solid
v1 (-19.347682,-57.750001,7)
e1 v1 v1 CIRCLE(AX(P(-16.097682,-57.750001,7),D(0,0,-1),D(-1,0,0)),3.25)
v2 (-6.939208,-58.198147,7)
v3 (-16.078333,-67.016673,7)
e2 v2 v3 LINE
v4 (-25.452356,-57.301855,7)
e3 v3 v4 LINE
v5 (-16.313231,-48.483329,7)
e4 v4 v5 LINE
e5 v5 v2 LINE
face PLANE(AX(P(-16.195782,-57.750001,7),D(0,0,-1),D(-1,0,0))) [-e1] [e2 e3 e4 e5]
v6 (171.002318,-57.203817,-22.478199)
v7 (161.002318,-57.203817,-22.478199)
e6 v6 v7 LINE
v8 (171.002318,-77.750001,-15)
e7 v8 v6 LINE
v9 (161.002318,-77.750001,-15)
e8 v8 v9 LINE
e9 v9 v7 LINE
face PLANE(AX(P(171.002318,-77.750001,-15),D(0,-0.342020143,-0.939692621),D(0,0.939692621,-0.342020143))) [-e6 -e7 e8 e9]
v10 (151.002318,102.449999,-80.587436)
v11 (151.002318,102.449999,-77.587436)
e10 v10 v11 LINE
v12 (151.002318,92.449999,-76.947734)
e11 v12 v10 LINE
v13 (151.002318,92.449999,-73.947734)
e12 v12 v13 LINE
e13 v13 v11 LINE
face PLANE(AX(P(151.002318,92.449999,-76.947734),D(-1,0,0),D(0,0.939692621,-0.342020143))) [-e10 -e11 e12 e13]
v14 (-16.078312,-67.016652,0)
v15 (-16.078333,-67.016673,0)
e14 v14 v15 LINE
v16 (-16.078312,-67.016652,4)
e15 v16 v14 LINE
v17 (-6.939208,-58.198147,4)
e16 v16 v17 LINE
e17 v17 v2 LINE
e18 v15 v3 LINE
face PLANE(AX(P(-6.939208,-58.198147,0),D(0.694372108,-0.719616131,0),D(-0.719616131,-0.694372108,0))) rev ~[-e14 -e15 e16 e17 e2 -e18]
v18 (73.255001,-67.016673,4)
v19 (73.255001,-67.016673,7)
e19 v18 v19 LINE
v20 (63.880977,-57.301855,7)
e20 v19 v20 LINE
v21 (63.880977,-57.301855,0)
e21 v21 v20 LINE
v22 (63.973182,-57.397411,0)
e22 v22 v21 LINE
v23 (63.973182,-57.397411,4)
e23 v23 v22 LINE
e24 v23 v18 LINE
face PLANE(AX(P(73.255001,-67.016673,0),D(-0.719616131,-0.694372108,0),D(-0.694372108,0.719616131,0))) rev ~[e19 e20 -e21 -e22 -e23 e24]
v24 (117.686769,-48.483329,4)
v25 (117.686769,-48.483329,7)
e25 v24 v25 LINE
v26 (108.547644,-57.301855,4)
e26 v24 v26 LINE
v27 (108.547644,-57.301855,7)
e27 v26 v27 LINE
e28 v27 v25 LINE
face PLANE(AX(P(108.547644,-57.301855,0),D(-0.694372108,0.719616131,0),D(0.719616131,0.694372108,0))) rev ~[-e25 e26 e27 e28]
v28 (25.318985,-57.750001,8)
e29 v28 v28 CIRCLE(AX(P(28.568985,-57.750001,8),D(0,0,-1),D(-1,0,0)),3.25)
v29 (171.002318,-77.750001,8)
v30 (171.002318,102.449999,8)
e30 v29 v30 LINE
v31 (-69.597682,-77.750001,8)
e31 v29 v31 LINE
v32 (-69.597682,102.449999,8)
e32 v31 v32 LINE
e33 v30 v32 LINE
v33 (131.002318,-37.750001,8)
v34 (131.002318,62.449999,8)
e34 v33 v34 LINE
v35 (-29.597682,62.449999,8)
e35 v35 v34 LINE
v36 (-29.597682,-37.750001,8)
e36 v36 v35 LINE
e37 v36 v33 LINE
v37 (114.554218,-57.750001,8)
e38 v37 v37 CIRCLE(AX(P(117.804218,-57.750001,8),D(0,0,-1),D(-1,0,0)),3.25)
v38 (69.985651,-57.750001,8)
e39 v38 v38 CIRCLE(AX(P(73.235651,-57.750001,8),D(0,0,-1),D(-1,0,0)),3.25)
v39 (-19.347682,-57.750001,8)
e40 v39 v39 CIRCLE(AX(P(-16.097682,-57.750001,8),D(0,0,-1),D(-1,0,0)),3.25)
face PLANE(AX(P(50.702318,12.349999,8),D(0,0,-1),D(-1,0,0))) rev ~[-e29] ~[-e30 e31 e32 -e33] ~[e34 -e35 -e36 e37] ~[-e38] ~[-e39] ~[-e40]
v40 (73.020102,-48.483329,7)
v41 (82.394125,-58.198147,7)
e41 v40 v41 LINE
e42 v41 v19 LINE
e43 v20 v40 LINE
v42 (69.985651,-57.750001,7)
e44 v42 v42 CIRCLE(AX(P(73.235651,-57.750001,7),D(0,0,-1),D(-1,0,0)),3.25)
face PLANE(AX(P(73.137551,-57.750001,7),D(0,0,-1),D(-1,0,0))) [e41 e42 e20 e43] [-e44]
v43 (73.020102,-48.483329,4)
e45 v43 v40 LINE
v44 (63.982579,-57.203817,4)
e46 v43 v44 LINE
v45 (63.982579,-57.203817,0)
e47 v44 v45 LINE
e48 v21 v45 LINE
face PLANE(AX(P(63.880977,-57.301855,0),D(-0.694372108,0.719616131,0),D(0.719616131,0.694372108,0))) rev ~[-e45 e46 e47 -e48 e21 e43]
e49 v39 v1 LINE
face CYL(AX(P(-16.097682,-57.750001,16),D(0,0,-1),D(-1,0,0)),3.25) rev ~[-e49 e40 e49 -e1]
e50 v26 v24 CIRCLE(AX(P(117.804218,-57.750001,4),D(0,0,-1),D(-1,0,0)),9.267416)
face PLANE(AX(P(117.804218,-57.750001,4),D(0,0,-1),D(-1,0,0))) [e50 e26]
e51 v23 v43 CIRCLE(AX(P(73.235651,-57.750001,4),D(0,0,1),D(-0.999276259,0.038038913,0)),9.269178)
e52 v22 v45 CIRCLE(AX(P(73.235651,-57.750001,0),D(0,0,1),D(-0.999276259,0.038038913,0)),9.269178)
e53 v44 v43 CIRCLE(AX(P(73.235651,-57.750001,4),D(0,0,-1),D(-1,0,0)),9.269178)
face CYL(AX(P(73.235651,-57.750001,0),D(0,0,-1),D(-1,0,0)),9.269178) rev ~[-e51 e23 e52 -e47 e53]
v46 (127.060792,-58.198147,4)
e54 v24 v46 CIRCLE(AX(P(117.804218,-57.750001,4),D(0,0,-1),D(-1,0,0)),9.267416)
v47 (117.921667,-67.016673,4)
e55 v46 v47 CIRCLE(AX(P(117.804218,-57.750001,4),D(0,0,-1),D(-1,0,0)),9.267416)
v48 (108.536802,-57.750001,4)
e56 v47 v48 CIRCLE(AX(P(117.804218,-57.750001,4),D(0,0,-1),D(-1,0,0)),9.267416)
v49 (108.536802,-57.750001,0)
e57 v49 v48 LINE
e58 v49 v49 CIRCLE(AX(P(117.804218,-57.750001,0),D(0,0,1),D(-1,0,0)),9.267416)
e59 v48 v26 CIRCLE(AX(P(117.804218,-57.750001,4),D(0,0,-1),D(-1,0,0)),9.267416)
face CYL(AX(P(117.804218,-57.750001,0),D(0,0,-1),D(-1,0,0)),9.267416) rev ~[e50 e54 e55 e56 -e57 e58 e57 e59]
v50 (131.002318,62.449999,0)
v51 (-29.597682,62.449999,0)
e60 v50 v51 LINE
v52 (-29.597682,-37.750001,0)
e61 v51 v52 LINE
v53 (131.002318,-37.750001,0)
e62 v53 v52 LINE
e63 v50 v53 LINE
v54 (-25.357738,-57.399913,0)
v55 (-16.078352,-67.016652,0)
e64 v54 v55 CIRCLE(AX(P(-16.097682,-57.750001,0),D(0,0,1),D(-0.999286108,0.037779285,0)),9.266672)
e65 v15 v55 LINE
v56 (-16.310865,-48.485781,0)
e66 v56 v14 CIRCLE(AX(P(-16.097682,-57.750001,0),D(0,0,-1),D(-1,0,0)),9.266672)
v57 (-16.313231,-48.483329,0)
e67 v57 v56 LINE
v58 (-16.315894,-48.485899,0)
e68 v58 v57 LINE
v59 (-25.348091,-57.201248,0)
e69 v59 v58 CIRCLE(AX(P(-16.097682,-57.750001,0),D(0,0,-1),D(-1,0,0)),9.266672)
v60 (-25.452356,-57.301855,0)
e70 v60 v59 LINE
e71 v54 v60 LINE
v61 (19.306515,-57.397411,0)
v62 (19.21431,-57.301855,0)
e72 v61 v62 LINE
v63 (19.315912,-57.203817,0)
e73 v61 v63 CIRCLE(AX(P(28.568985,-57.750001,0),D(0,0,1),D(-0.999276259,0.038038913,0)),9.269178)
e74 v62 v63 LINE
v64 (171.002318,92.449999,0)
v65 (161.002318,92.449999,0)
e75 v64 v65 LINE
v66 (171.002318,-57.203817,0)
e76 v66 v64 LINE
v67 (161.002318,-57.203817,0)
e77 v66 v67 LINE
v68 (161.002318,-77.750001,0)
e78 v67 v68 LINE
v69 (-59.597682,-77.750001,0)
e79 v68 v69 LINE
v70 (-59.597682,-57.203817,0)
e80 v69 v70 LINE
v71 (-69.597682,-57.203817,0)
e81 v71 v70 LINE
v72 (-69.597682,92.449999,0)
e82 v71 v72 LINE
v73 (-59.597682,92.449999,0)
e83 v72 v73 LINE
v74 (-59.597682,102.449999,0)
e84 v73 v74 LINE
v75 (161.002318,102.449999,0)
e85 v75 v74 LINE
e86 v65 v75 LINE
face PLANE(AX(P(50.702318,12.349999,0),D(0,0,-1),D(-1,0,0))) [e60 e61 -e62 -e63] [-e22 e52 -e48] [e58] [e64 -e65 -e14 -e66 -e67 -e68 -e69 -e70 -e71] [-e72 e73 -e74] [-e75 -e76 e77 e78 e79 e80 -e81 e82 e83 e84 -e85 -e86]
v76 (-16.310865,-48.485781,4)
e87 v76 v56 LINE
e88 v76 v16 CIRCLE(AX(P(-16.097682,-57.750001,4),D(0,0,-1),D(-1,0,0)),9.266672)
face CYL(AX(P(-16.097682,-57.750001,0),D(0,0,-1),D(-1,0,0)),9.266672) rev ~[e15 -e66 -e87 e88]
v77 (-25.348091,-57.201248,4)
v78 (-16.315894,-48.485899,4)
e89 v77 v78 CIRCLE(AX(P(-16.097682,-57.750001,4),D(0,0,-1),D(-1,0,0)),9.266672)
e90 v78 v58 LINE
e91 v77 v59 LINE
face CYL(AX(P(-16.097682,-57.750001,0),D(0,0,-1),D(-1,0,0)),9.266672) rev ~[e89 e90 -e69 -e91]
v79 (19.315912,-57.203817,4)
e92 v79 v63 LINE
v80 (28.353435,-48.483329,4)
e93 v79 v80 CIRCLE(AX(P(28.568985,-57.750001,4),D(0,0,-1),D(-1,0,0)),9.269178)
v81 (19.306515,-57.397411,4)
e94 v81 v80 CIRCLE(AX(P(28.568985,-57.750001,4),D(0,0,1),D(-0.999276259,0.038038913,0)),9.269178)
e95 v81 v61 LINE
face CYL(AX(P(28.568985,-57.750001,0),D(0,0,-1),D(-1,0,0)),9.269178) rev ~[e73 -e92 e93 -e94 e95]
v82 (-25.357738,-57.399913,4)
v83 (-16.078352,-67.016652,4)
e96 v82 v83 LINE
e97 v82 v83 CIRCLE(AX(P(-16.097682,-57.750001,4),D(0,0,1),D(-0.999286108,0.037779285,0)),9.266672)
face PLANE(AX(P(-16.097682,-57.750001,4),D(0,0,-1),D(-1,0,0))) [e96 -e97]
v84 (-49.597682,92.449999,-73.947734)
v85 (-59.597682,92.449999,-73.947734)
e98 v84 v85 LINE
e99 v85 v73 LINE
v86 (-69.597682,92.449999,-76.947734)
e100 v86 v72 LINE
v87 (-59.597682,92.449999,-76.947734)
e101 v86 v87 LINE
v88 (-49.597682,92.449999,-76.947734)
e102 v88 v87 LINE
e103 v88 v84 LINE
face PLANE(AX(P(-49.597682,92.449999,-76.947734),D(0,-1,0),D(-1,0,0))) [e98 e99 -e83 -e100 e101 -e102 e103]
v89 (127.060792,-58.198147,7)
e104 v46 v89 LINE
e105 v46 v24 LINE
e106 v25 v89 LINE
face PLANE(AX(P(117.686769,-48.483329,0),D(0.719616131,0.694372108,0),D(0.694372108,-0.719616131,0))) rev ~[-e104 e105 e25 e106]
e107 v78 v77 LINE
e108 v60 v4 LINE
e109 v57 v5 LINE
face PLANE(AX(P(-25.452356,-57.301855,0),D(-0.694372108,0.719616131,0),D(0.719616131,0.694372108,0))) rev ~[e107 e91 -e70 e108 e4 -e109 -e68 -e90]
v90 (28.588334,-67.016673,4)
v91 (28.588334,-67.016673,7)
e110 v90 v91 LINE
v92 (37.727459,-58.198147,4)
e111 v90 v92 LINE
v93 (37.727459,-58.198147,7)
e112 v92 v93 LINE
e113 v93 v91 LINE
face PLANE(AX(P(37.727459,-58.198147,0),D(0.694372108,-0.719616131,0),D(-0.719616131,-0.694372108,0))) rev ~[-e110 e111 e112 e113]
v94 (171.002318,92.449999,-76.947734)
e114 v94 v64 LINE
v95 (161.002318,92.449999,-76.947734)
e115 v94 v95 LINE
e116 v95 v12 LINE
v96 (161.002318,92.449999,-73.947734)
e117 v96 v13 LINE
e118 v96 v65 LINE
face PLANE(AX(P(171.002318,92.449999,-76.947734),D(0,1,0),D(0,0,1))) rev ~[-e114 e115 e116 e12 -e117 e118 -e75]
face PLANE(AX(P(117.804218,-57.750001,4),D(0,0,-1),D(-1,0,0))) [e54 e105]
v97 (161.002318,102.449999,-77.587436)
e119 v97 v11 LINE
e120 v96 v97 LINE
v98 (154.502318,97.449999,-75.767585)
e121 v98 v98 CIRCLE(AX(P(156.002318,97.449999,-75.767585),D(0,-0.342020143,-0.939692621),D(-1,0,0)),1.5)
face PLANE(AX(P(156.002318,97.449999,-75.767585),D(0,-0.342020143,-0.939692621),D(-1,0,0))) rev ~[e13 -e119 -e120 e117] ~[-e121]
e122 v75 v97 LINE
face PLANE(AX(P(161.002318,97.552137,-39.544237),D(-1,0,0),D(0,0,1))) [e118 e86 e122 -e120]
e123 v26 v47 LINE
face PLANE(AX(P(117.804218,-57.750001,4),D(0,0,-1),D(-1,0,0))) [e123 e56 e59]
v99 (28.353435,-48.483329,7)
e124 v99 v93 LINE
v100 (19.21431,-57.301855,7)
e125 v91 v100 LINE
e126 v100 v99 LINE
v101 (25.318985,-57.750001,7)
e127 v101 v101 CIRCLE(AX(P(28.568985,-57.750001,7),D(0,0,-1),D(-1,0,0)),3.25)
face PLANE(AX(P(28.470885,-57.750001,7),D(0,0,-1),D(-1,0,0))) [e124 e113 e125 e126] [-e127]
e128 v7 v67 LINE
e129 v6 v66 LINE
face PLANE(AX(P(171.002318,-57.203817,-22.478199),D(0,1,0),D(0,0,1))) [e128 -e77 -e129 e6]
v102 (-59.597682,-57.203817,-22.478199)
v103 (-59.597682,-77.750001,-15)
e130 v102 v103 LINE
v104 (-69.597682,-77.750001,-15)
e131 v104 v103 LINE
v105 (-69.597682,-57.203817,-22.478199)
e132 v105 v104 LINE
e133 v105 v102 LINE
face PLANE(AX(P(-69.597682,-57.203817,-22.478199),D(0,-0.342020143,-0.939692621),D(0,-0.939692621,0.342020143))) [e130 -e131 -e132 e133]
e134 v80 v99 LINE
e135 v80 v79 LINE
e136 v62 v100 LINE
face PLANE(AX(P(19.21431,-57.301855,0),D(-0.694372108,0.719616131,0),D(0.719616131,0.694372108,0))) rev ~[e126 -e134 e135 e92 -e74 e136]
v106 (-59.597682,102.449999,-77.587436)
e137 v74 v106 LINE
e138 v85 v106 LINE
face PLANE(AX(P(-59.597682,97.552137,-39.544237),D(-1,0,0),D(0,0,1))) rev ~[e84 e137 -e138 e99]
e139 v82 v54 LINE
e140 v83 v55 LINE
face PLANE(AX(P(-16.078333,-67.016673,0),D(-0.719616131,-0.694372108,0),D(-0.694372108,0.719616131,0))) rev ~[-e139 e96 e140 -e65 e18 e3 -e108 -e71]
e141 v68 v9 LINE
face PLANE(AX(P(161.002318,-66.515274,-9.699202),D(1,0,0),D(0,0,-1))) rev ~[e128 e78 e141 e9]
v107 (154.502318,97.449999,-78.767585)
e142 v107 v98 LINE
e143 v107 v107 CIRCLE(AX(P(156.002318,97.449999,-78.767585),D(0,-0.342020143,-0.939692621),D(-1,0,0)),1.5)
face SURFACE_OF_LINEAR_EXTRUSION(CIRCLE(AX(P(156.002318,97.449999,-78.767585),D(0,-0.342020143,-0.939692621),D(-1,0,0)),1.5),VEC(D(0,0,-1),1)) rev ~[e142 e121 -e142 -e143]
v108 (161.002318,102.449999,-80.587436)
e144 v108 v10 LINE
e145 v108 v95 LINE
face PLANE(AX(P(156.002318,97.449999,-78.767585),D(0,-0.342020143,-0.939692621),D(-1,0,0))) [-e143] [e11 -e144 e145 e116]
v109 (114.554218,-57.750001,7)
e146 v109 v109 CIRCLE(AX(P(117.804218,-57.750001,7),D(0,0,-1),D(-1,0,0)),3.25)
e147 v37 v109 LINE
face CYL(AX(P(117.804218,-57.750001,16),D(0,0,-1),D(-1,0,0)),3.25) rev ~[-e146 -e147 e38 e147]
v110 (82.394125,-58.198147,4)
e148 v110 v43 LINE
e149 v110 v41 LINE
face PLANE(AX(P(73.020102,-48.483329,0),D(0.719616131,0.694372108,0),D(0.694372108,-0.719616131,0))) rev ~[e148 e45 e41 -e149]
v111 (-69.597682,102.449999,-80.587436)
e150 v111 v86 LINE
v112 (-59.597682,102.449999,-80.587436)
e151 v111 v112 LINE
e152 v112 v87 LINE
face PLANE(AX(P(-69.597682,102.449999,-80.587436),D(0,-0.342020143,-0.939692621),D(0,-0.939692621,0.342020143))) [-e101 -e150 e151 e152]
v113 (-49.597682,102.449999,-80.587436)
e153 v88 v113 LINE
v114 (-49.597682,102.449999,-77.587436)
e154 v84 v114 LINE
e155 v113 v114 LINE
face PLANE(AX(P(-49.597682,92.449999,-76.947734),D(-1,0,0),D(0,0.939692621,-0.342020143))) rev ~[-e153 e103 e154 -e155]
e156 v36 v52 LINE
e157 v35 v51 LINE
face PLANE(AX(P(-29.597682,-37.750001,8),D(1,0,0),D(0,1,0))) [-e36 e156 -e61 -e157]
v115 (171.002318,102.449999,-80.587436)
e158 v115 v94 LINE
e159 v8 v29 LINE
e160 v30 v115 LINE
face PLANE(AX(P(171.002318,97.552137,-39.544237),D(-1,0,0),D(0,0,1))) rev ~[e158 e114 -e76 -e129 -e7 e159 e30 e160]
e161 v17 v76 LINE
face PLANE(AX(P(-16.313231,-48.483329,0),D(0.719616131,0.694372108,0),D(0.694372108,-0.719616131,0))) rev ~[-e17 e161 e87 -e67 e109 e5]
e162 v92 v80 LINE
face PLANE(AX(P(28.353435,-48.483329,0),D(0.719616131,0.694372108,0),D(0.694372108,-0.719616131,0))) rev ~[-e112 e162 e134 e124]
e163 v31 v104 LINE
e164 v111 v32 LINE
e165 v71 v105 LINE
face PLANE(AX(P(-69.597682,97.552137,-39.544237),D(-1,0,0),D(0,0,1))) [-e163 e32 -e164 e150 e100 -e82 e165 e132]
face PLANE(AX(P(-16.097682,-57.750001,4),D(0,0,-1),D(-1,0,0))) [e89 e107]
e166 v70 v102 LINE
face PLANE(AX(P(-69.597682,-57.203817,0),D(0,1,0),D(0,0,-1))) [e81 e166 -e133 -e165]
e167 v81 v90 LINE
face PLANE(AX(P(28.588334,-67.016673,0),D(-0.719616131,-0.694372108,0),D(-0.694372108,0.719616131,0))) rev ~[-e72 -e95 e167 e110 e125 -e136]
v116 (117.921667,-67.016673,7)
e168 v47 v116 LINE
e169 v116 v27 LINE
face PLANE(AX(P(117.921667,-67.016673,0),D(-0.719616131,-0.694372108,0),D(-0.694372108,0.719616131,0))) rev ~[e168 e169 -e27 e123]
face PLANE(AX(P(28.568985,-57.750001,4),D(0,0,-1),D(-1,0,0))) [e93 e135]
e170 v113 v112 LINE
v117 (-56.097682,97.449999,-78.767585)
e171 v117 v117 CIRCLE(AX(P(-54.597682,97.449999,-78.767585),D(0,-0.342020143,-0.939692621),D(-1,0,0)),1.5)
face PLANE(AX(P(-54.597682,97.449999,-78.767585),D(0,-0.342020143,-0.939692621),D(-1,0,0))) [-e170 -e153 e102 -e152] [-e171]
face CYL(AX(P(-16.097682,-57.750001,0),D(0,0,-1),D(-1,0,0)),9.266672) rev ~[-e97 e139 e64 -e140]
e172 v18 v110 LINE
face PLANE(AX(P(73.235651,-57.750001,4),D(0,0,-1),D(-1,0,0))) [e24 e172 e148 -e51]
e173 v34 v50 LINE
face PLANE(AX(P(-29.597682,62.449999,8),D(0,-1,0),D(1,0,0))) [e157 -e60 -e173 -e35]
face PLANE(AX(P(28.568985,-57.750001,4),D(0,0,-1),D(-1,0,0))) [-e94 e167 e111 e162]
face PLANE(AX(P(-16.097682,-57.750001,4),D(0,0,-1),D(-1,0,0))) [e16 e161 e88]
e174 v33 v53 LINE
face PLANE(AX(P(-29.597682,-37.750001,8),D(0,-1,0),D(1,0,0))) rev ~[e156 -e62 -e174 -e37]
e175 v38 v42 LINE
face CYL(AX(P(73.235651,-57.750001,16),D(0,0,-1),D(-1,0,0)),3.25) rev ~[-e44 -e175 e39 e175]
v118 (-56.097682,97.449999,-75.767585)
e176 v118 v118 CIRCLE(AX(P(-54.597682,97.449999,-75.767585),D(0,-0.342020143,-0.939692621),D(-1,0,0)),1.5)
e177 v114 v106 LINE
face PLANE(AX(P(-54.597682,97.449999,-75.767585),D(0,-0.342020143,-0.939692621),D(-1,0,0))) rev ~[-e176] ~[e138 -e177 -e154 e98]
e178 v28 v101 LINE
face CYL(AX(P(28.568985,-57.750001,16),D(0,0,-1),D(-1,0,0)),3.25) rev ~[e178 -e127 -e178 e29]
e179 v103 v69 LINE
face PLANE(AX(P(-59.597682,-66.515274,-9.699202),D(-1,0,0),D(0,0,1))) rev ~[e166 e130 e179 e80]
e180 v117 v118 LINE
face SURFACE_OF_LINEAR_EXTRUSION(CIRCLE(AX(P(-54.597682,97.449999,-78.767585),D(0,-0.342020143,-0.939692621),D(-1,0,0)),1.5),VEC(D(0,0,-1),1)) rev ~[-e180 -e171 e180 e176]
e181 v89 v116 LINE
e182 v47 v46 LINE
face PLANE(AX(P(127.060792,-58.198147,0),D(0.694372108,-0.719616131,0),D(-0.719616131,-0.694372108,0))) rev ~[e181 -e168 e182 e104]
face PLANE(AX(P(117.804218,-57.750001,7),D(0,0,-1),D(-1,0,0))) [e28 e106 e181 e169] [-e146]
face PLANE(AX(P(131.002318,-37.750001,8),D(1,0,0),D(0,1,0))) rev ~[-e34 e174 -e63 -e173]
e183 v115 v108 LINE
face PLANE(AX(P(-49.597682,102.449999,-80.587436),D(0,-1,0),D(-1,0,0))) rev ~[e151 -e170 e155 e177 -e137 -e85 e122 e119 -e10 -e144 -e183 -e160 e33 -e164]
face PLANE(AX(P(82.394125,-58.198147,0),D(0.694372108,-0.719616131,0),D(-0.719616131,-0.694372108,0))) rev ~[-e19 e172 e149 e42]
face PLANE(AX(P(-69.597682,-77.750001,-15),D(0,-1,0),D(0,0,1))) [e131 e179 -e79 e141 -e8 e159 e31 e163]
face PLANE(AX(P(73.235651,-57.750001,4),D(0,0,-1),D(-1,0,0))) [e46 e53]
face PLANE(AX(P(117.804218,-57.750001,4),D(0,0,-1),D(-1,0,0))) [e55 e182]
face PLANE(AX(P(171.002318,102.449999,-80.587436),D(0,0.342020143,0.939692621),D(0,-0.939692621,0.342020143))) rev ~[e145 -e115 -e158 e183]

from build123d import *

# Parameters (mm, degrees)
SKETCH1_W                      = 240.6
SKETCH1_H                      = 180.2
BOSS_EXTRUDE1_DEPTH            = 8
SKETCH2_W                      = 160.6
SKETCH2_H                      = 100.2
CUT_EXTRUDE1_DEPTH             = 200.503872501
CUT_EXTRUDE2_DEPTH             = 7
CUT_EXTRUDE3_DEPTH             = 7
CUT_EXTRUDE4_DEPTH             = 7
CUT_EXTRUDE5_DEPTH             = 7
F_6_5_6_5_DIAMETER_HOLE1_D     = 6.5
F_6_5_6_5_DIAMETER_HOLE1_DEPTH = 8
SKETCH9_R                      = 9.267416037
SKETCH9_R_2                    = 9.269178346
SKETCH9_R_3                    = 9.266671768
CUT_EXTRUDE7_DEPTH             = 4
BOSS_EXTRUDE2_DEPTH            = 10
BOSS_EXTRUDE3_DEPTH            = 10
BOSS_EXTRUDE4_DEPTH            = 10
BOSS_EXTRUDE5_DEPTH            = 10
SKETCH18_W                     = 10
SKETCH18_H                     = 10.641777725
SKETCH18_R                     = 1.5
BOSS_EXTRUDE6_DEPTH            = 3


with BuildPart() as part:
    # Sketch1 → Boss-Extrude1 (new body)
    with BuildSketch(Plane(origin=(0, 0, 0), x_dir=(-1, 0, 0), z_dir=(0, 0, -1))):
        with Locations((-50.702318109, 12.34999924)):
            Rectangle(SKETCH1_W, SKETCH1_H)
    extrude(amount=-BOSS_EXTRUDE1_DEPTH)

    # Sketch2 → Cut-Extrude1 (cut, through all)
    with BuildSketch(Plane.XY.offset(8)):
        with Locations((50.702318109, 12.34999924)):
            Rectangle(SKETCH2_W, SKETCH2_H)
    extrude(amount=-CUT_EXTRUDE1_DEPTH, mode=Mode.SUBTRACT)

    # Sketch3 → Cut-Extrude2 (cut)
    with BuildSketch(Plane(origin=(0, 0, 0), x_dir=(-1, 0, 0), z_dir=(0, 0, -1))):
        Polygon((-117.686768689, -48.483328992), (-127.060792146, -58.198146757), (-117.921667286, -67.016672528), (-108.547643828, -57.301854763), align=None)
    extrude(amount=-CUT_EXTRUDE2_DEPTH, mode=Mode.SUBTRACT)

    # Sketch4 → Cut-Extrude3 (cut)
    with BuildSketch(Plane(origin=(0, 0, 0), x_dir=(-1, 0, 0), z_dir=(0, 0, -1))):
        Polygon((6.939207854, -58.198146757), (16.078332714, -67.016672528), (25.452356172, -57.301854763), (16.313231311, -48.483328992), align=None)
    extrude(amount=-CUT_EXTRUDE3_DEPTH, mode=Mode.SUBTRACT)

    # Sketch5 → Cut-Extrude4 (cut)
    with BuildSketch(Plane(origin=(0, 0, 0), x_dir=(-1, 0, 0), z_dir=(0, 0, -1))):
        Polygon((-37.727458813, -58.198146757), (-28.588333952, -67.016672528), (-19.214310494, -57.301854763), (-28.353435355, -48.483328992), align=None)
    extrude(amount=-CUT_EXTRUDE4_DEPTH, mode=Mode.SUBTRACT)

    # Sketch6 → Cut-Extrude5 (cut)
    with BuildSketch(Plane(origin=(0, 0, 0), x_dir=(-1, 0, 0), z_dir=(0, 0, -1))):
        Polygon((-82.39412548, -58.198146757), (-73.255000619, -67.016672528), (-63.880977161, -57.301854763), (-73.020102022, -48.483328992), align=None)
    extrude(amount=-CUT_EXTRUDE5_DEPTH, mode=Mode.SUBTRACT)

    # Ø6.5 (6.5) Diameter Hole1
    with Locations(Plane.XY.offset(8)):
        with Locations((117.804217987, -57.75000076), (-16.097681891, -57.75000076), (28.568984776, -57.75000076), (73.235651442, -57.75000076)):
            Hole(F_6_5_6_5_DIAMETER_HOLE1_D / 2, depth=F_6_5_6_5_DIAMETER_HOLE1_DEPTH)

    # Sketch9 → Cut-Extrude7 (cut)
    with BuildSketch(Plane(origin=(0, 0, 0), x_dir=(-1, 0, 0), z_dir=(0, 0, -1))):
        with Locations((-117.804217987, -57.75000076)):
            Circle(SKETCH9_R)
        with Locations((-73.235651442, -57.75000076)):
            Circle(SKETCH9_R_2)
        with Locations((-28.568984776, -57.75000076)):
            Circle(SKETCH9_R_2)
        with Locations((16.097681891, -57.75000076)):
            Circle(SKETCH9_R_3)
    extrude(amount=-CUT_EXTRUDE7_DEPTH, mode=Mode.SUBTRACT)

    # Sketch12 → Boss-Extrude2 (add)
    with BuildSketch(Plane(origin=(171.002318109, 0, 0), x_dir=(0, 0, -1), z_dir=(1, 0, 0))):
        Polygon((0, -77.75000076), (15, -77.75000076), (22.478199259, -57.203817156), (0, -57.203817156), align=None)
    extrude(amount=-BOSS_EXTRUDE2_DEPTH)

    # Sketch14 → Boss-Extrude3 (add)
    with BuildSketch(Plane.ZY.offset(69.597681891)):
        Polygon((-22.478199259, -57.203817156), (-15, -77.75000076), (0, -77.75000076), (0, -57.203817156), align=None)
    extrude(amount=-BOSS_EXTRUDE3_DEPTH)

    # Sketch15 → Boss-Extrude4 (add)
    with BuildSketch(Plane.ZY.offset(69.597681891)):
        Polygon((0, 102.44999924), (-80.587436215, 102.44999924), (-76.947733872, 92.44999924), (0, 92.44999924), align=None)
    extrude(amount=-BOSS_EXTRUDE4_DEPTH)

    # Sketch16 → Boss-Extrude5 (add)
    with BuildSketch(Plane(origin=(171.002318109, 0, 0), x_dir=(0, 0, -1), z_dir=(1, 0, 0))):
        Polygon((0, 102.44999924), (80.587436215, 102.44999924), (76.947733872, 92.44999924), (0, 92.44999924), align=None)
    extrude(amount=-BOSS_EXTRUDE5_DEPTH)

    # Sketch18 → Boss-Extrude6 (add, along a direction that is not the sketch's normal)
    # profile 1 of 2: a face of its own
    with BuildSketch(Plane(origin=(0, -13.915929435, -38.233701894), x_dir=(-1, 0, 0), z_dir=(0, -0.3420201433256657, -0.9396926207859096))):
        with Locations((54.597681891, 118.513145908)):
            Rectangle(SKETCH18_W, SKETCH18_H)
        with Locations((54.597681891, 118.513145907)):
            Circle(SKETCH18_R, mode=Mode.SUBTRACT)
    # profile 2 of 2: a face of its own
    with BuildSketch(Plane(origin=(0, -13.915929435, -38.233701894), x_dir=(-1, 0, 0), z_dir=(0, -0.3420201433256657, -0.9396926207859096))):
        with Locations((-156.002318109, 118.513145908)):
            Rectangle(SKETCH18_W, SKETCH18_H)
        with Locations((-156.002318109, 118.513145907)):
            Circle(SKETCH18_R, mode=Mode.SUBTRACT)
    extrude(amount=-BOSS_EXTRUDE6_DEPTH, dir=(0, 0, -1))


solid = part.part
